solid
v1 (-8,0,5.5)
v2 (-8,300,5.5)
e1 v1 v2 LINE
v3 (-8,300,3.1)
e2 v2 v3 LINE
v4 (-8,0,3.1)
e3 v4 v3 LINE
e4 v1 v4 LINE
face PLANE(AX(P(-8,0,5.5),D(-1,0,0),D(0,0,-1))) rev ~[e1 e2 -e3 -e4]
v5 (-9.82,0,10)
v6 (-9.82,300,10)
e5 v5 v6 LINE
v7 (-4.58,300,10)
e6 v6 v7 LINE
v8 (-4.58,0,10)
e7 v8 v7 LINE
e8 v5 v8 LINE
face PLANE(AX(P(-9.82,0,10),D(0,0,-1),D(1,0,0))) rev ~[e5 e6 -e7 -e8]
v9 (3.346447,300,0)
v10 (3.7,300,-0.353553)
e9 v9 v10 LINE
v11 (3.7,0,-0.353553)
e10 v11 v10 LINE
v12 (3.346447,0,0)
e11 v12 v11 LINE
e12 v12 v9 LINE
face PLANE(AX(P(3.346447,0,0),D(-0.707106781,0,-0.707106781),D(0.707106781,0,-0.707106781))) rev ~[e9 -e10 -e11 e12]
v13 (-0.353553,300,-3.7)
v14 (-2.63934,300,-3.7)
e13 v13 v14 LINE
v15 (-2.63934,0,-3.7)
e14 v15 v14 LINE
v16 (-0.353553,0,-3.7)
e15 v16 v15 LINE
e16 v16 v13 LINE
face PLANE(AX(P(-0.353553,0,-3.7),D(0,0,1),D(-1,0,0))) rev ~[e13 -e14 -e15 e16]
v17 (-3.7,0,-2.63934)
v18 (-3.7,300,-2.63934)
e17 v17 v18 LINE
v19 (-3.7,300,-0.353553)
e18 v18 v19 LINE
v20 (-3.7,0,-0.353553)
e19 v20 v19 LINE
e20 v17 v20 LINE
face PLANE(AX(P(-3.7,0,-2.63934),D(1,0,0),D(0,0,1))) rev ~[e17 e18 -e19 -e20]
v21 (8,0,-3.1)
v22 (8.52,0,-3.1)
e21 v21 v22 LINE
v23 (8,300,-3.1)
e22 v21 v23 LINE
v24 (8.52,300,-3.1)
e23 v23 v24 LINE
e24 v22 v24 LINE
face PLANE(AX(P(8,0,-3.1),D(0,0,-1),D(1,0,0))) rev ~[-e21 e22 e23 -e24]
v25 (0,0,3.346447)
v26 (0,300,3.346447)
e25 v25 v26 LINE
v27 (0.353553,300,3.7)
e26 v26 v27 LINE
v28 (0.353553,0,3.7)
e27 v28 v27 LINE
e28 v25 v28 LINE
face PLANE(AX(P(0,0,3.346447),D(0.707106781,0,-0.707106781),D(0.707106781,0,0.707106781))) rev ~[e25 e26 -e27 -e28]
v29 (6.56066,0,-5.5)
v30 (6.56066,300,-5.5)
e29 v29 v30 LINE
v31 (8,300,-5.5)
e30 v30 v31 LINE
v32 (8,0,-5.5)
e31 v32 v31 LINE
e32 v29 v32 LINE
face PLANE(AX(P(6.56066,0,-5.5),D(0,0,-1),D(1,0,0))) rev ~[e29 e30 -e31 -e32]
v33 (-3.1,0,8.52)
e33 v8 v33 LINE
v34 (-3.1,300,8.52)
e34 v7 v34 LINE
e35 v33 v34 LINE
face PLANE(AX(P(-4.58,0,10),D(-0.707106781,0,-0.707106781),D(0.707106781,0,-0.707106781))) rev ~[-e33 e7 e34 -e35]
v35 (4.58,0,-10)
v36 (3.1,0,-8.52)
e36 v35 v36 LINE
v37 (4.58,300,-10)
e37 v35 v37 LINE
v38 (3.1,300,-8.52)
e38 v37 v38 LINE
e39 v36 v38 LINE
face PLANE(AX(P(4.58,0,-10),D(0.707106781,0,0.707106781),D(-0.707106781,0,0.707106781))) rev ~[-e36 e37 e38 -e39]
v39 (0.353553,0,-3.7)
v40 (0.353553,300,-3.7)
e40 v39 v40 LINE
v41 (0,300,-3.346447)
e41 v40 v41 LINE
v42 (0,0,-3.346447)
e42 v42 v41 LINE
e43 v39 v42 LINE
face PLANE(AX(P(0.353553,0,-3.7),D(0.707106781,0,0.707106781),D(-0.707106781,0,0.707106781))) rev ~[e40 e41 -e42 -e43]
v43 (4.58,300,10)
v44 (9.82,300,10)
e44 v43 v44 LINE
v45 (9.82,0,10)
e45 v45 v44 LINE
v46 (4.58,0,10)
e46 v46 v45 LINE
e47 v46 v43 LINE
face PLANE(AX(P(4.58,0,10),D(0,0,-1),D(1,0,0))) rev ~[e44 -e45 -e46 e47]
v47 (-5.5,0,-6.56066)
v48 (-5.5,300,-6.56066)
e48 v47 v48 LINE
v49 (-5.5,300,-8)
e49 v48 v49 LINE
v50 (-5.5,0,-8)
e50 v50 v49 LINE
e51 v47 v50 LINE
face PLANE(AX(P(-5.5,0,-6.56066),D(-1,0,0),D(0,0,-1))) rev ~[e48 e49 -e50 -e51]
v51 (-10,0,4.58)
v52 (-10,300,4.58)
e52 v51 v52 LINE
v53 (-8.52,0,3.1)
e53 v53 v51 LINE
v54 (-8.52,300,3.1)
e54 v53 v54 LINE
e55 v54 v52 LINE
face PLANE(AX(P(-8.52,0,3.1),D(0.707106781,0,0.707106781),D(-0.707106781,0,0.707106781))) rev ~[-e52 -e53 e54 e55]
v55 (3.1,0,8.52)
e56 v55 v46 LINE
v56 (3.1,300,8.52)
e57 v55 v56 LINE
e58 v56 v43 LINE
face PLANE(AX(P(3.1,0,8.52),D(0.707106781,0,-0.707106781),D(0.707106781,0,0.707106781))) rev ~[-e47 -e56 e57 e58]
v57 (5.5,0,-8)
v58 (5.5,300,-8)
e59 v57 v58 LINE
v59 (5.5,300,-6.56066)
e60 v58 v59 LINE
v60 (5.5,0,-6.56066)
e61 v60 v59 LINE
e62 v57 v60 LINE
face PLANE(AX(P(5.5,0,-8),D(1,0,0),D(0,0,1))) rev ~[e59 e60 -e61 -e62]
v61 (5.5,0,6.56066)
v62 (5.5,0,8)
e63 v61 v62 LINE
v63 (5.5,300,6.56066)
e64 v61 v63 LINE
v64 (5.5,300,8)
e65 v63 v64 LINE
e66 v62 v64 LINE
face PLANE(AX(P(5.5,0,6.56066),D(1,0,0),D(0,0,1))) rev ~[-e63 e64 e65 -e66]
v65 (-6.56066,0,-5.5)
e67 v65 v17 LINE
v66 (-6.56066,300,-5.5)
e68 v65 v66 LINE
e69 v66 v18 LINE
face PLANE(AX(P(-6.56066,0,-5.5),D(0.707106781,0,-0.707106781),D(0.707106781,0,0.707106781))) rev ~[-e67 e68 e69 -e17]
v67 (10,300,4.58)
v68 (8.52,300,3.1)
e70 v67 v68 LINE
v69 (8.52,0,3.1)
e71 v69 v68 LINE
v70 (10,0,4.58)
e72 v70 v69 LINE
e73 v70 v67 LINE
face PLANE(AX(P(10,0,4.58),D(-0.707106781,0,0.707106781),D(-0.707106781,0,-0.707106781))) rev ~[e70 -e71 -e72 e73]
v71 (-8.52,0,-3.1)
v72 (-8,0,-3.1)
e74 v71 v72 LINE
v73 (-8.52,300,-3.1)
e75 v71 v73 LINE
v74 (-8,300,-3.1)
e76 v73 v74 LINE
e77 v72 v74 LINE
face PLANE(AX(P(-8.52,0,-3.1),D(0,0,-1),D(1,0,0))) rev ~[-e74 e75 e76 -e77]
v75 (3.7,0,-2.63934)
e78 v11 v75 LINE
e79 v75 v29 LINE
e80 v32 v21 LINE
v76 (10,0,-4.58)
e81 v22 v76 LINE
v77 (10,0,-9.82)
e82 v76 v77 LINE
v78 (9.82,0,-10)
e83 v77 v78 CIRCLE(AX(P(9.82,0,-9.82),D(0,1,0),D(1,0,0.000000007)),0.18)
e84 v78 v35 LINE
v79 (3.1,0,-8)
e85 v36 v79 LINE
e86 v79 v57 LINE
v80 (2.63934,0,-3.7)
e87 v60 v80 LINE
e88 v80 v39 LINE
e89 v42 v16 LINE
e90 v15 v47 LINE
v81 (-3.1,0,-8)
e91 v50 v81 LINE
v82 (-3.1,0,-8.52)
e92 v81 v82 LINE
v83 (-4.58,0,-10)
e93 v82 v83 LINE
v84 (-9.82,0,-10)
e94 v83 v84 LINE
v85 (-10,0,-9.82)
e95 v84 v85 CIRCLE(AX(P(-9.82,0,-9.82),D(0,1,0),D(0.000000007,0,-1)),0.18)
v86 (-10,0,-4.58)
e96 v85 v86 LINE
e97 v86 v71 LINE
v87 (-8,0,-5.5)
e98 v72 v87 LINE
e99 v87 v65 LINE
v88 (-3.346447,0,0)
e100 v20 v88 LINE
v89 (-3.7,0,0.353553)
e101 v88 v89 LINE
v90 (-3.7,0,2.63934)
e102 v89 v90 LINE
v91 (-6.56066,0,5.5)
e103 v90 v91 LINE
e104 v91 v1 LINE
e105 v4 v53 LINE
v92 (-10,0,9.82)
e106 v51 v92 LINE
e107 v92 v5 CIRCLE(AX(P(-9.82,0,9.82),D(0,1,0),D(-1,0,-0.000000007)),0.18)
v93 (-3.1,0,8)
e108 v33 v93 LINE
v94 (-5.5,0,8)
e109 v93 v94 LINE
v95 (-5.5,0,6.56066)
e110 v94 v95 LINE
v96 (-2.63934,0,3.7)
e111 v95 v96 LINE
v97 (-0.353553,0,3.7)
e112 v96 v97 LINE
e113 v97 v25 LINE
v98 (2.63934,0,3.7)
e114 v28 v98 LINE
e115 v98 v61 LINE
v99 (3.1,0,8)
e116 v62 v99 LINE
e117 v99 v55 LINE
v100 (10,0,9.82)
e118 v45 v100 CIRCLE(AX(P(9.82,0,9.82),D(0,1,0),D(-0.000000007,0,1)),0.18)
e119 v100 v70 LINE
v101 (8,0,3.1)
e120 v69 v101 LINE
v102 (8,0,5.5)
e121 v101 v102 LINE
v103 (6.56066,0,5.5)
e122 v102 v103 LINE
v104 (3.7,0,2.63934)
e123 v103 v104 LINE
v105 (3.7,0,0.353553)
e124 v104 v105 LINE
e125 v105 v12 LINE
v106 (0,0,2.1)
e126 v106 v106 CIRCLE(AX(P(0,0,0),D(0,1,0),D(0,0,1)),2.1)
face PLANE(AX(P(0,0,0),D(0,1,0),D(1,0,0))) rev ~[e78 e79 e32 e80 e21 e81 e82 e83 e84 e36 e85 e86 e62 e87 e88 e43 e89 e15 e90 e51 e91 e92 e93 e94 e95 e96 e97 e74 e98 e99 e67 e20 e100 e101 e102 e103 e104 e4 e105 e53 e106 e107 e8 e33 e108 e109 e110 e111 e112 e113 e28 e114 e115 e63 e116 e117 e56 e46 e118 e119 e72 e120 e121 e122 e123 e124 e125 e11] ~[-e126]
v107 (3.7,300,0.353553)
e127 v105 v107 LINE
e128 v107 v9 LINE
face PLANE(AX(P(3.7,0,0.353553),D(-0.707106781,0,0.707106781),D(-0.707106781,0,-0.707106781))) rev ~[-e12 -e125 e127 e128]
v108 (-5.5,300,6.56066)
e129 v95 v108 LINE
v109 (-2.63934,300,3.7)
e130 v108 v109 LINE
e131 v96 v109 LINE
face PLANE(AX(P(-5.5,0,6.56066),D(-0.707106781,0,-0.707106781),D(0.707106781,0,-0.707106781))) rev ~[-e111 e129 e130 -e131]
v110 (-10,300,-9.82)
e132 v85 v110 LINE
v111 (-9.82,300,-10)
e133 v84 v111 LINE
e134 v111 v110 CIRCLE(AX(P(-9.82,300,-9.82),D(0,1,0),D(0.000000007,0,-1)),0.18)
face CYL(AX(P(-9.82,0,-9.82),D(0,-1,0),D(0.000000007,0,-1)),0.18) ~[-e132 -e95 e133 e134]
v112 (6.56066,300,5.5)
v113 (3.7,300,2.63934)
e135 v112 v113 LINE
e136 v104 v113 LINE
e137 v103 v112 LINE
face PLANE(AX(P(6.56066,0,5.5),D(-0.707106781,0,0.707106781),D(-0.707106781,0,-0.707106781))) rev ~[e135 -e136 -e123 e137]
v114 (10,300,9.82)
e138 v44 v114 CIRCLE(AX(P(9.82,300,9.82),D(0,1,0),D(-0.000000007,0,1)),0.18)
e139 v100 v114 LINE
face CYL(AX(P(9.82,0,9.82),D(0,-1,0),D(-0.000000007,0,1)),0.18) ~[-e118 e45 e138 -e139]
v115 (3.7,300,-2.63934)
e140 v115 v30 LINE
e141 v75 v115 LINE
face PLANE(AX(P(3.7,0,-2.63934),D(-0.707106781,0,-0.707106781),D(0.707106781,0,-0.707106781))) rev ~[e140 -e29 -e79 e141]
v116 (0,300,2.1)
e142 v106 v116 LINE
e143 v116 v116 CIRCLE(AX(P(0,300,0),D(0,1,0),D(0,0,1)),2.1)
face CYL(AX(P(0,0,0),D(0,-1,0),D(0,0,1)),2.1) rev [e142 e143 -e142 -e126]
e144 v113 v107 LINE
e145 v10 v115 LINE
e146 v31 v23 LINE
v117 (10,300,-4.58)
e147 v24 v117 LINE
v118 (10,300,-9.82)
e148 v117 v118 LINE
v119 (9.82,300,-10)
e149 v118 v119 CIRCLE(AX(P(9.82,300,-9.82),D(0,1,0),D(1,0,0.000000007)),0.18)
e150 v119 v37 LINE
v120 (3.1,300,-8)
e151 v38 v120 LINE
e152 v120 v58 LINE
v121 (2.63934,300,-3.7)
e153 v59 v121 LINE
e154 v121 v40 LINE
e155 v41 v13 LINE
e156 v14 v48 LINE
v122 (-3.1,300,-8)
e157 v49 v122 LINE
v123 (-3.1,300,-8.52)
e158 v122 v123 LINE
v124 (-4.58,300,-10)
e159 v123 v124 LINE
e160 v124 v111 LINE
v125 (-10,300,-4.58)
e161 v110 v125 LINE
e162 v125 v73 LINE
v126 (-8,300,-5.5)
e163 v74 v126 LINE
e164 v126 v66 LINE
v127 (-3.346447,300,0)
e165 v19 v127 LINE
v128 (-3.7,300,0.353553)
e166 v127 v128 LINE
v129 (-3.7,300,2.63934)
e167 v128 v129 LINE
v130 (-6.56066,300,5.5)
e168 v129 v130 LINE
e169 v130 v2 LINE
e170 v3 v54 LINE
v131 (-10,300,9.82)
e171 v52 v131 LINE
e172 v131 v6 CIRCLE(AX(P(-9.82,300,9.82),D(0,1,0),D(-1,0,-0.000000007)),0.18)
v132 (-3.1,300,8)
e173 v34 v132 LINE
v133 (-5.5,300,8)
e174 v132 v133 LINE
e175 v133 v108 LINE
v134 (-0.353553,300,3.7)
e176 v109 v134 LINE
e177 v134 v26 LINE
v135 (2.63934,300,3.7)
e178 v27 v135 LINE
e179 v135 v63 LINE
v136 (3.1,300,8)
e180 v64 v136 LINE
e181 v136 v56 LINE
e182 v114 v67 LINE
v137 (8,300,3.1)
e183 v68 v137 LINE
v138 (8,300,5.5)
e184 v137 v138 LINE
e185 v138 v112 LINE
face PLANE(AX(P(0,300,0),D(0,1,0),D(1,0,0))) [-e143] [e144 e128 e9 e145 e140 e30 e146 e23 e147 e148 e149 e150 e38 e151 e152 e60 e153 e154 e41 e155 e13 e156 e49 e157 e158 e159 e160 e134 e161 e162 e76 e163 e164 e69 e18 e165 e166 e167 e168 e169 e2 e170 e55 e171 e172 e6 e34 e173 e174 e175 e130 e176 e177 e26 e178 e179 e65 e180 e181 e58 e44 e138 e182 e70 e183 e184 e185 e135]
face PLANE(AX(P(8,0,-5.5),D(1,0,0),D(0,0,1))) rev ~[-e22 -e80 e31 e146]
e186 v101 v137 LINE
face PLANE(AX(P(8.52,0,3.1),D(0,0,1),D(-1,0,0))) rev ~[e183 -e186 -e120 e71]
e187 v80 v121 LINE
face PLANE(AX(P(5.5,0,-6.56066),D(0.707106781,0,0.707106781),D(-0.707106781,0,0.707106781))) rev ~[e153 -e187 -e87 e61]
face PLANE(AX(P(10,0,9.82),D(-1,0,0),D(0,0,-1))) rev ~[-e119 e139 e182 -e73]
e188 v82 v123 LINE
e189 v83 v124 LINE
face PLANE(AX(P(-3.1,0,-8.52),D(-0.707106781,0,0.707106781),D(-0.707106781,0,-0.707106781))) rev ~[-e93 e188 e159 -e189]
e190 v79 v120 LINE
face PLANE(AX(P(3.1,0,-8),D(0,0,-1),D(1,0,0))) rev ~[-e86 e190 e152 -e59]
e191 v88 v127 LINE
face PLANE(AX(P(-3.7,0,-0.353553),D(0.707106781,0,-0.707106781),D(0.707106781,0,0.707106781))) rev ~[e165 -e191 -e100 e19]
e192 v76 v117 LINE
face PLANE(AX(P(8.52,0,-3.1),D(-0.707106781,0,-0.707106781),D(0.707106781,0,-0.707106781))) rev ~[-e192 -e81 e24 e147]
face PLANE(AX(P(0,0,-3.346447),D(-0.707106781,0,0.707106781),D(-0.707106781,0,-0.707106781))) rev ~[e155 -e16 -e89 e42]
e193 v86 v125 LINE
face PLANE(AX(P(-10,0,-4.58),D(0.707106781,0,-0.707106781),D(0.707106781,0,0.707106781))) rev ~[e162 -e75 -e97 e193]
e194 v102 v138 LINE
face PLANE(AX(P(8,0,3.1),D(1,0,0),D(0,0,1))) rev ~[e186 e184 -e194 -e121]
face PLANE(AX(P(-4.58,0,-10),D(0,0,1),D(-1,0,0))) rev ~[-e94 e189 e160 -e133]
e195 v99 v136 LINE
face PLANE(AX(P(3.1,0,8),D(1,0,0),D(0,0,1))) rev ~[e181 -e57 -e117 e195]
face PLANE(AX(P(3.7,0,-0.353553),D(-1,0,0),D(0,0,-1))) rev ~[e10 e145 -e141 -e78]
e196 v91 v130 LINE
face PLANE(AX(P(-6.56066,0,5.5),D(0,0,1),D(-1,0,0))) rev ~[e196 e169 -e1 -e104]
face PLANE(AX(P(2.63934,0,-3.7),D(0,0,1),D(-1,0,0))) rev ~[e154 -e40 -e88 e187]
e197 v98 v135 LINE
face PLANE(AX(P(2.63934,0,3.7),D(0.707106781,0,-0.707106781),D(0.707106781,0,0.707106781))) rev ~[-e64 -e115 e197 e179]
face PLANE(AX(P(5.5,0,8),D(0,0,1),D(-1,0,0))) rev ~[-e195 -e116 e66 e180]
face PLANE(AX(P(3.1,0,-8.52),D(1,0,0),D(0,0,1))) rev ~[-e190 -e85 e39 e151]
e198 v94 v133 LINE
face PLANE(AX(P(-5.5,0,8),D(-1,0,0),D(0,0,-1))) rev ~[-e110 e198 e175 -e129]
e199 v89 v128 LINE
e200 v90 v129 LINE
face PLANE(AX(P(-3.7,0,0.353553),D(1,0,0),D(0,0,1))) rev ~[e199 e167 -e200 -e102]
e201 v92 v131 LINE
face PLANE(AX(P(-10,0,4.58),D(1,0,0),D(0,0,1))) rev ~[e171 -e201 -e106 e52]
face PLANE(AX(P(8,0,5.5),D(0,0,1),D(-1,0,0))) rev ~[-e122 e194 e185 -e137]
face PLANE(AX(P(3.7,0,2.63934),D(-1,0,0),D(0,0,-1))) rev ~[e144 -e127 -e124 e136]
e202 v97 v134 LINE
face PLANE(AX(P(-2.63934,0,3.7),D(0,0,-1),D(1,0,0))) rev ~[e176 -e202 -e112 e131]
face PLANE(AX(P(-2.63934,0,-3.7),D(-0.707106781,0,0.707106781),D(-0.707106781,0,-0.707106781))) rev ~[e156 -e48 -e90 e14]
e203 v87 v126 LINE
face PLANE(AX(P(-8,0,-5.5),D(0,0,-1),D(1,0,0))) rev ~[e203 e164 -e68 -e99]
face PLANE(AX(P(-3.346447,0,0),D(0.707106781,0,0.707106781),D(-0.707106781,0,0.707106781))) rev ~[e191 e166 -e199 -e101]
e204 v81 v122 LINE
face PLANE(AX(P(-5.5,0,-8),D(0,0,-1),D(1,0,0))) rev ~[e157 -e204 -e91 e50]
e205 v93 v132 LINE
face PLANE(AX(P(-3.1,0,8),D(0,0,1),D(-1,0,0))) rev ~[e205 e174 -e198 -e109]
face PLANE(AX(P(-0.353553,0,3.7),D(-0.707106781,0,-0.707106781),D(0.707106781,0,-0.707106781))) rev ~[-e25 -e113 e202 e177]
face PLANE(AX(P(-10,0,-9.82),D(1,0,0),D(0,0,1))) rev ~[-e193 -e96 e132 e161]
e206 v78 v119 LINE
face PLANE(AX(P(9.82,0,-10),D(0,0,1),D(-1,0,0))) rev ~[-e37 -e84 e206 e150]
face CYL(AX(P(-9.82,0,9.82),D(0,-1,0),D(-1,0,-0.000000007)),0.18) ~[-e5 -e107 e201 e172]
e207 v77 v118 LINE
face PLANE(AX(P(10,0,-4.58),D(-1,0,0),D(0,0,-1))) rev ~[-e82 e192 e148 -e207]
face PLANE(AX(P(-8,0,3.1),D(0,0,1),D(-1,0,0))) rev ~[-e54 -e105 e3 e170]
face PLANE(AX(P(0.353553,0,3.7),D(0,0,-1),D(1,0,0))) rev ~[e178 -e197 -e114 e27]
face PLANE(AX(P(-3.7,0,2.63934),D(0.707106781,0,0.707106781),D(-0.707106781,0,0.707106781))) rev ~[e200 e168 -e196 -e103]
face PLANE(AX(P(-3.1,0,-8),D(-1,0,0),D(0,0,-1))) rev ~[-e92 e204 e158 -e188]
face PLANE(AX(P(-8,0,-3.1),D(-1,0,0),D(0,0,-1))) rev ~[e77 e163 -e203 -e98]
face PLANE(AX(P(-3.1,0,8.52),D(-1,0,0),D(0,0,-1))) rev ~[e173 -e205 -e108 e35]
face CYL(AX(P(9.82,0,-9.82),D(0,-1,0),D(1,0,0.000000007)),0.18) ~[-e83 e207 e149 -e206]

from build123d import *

# Parameters (mm, degrees)
ESQUISSE1_R        = 2.1
BOSS_EXTRU_1_DEPTH = 300


with BuildPart() as part:
    # Esquisse1 → Boss.-Extru.1 (new body)
    with BuildSketch(Plane(origin=(0, 0, 0), x_dir=(1, 0, 0), z_dir=(0, 1, 0))):
        with BuildLine():
            Line((3.7, 2.639339828), (6.560660172, 5.5))
            Line((6.560660172, 5.5), (8, 5.5))
            Line((8, 5.5), (8, 3.1))
            Line((8, 3.1), (8.52, 3.1))
            Line((8.52, 3.1), (10, 4.58))
            Line((10, 4.58), (10, 9.82))
            ThreePointArc((10, 9.82), (9.947279221, 9.947279221), (9.82, 10))
            Line((9.82, 10), (4.58, 10))
            Line((4.58, 10), (3.1, 8.52))
            Line((3.1, 8.52), (3.1, 8))
            Line((3.1, 8), (5.5, 8))
            Line((5.5, 8), (5.5, 6.560660172))
            Line((5.5, 6.560660172), (2.639339828, 3.7))
            Line((2.639339828, 3.7), (0.353553391, 3.7))
            Line((0.353553391, 3.7), (0, 3.346446609))
            Line((0, 3.346446609), (-0.353553391, 3.7))
            Line((-0.353553391, 3.7), (-2.639339828, 3.7))
            Line((-2.639339828, 3.7), (-5.5, 6.560660172))
            Line((-5.5, 6.560660172), (-5.5, 8))
            Line((-5.5, 8), (-3.1, 8))
            Line((-3.1, 8), (-3.1, 8.52))
            Line((-3.1, 8.52), (-4.58, 10))
            Line((-4.58, 10), (-9.82, 10))
            ThreePointArc((-9.82, 10), (-9.947279221, 9.947279221), (-10, 9.82))
            Line((-10, 9.82), (-10, 4.58))
            Line((-10, 4.58), (-8.52, 3.1))
            Line((-8.52, 3.1), (-8, 3.1))
            Line((-8, 3.1), (-8, 5.5))
            Line((-8, 5.5), (-6.560660172, 5.5))
            Line((-6.560660172, 5.5), (-3.7, 2.639339828))
            Line((-3.7, 2.639339828), (-3.7, 0.353553391))
            Line((-3.7, 0.353553391), (-3.346446609, 0))
            Line((-3.346446609, 0), (-3.7, -0.353553391))
            Line((-3.7, -0.353553391), (-3.7, -2.639339828))
            Line((-3.7, -2.639339828), (-6.560660172, -5.5))
            Line((-6.560660172, -5.5), (-8, -5.5))
            Line((-8, -5.5), (-8, -3.1))
            Line((-8, -3.1), (-8.52, -3.1))
            Line((-8.52, -3.1), (-10, -4.58))
            Line((-10, -4.58), (-10, -9.82))
            ThreePointArc((-10, -9.82), (-9.947279221, -9.947279221), (-9.82, -10))
            Line((-9.82, -10), (-4.58, -10))
            Line((-4.58, -10), (-3.1, -8.52))
            Line((-3.1, -8.52), (-3.1, -8))
            Line((-3.1, -8), (-5.5, -8))
            Line((-5.5, -8), (-5.5, -6.560660172))
            Line((-5.5, -6.560660172), (-2.639339828, -3.7))
            Line((-2.639339828, -3.7), (-0.353553391, -3.7))
            Line((-0.353553391, -3.7), (0, -3.346446609))
            Line((0, -3.346446609), (0.353553391, -3.7))
            Line((0.353553391, -3.7), (2.639339828, -3.7))
            Line((2.639339828, -3.7), (5.5, -6.560660172))
            Line((5.5, -6.560660172), (5.5, -8))
            Line((5.5, -8), (3.1, -8))
            Line((3.1, -8), (3.1, -8.52))
            Line((3.1, -8.52), (4.58, -10))
            Line((4.58, -10), (9.82, -10))
            ThreePointArc((9.82, -10), (9.947279221, -9.947279221), (10, -9.82))
            Line((10, -9.82), (10, -4.58))
            Line((10, -4.58), (8.52, -3.1))
            Line((8.52, -3.1), (8, -3.1))
            Line((8, -3.1), (8, -5.5))
            Line((8, -5.5), (6.560660172, -5.5))
            Line((6.560660172, -5.5), (3.7, -2.639339828))
            Line((3.7, -2.639339828), (3.7, -0.353553391))
            Line((3.7, -0.353553391), (3.346446609, 0))
            Line((3.346446609, 0), (3.7, 0.353553391))
            Line((3.7, 0.353553391), (3.7, 2.639339828))
        make_face()
        with Locations(Location((0, 0, 0), (0, 0, 270))):
            Circle(ESQUISSE1_R, mode=Mode.SUBTRACT)
    extrude(amount=BOSS_EXTRU_1_DEPTH)


solid = part.part
